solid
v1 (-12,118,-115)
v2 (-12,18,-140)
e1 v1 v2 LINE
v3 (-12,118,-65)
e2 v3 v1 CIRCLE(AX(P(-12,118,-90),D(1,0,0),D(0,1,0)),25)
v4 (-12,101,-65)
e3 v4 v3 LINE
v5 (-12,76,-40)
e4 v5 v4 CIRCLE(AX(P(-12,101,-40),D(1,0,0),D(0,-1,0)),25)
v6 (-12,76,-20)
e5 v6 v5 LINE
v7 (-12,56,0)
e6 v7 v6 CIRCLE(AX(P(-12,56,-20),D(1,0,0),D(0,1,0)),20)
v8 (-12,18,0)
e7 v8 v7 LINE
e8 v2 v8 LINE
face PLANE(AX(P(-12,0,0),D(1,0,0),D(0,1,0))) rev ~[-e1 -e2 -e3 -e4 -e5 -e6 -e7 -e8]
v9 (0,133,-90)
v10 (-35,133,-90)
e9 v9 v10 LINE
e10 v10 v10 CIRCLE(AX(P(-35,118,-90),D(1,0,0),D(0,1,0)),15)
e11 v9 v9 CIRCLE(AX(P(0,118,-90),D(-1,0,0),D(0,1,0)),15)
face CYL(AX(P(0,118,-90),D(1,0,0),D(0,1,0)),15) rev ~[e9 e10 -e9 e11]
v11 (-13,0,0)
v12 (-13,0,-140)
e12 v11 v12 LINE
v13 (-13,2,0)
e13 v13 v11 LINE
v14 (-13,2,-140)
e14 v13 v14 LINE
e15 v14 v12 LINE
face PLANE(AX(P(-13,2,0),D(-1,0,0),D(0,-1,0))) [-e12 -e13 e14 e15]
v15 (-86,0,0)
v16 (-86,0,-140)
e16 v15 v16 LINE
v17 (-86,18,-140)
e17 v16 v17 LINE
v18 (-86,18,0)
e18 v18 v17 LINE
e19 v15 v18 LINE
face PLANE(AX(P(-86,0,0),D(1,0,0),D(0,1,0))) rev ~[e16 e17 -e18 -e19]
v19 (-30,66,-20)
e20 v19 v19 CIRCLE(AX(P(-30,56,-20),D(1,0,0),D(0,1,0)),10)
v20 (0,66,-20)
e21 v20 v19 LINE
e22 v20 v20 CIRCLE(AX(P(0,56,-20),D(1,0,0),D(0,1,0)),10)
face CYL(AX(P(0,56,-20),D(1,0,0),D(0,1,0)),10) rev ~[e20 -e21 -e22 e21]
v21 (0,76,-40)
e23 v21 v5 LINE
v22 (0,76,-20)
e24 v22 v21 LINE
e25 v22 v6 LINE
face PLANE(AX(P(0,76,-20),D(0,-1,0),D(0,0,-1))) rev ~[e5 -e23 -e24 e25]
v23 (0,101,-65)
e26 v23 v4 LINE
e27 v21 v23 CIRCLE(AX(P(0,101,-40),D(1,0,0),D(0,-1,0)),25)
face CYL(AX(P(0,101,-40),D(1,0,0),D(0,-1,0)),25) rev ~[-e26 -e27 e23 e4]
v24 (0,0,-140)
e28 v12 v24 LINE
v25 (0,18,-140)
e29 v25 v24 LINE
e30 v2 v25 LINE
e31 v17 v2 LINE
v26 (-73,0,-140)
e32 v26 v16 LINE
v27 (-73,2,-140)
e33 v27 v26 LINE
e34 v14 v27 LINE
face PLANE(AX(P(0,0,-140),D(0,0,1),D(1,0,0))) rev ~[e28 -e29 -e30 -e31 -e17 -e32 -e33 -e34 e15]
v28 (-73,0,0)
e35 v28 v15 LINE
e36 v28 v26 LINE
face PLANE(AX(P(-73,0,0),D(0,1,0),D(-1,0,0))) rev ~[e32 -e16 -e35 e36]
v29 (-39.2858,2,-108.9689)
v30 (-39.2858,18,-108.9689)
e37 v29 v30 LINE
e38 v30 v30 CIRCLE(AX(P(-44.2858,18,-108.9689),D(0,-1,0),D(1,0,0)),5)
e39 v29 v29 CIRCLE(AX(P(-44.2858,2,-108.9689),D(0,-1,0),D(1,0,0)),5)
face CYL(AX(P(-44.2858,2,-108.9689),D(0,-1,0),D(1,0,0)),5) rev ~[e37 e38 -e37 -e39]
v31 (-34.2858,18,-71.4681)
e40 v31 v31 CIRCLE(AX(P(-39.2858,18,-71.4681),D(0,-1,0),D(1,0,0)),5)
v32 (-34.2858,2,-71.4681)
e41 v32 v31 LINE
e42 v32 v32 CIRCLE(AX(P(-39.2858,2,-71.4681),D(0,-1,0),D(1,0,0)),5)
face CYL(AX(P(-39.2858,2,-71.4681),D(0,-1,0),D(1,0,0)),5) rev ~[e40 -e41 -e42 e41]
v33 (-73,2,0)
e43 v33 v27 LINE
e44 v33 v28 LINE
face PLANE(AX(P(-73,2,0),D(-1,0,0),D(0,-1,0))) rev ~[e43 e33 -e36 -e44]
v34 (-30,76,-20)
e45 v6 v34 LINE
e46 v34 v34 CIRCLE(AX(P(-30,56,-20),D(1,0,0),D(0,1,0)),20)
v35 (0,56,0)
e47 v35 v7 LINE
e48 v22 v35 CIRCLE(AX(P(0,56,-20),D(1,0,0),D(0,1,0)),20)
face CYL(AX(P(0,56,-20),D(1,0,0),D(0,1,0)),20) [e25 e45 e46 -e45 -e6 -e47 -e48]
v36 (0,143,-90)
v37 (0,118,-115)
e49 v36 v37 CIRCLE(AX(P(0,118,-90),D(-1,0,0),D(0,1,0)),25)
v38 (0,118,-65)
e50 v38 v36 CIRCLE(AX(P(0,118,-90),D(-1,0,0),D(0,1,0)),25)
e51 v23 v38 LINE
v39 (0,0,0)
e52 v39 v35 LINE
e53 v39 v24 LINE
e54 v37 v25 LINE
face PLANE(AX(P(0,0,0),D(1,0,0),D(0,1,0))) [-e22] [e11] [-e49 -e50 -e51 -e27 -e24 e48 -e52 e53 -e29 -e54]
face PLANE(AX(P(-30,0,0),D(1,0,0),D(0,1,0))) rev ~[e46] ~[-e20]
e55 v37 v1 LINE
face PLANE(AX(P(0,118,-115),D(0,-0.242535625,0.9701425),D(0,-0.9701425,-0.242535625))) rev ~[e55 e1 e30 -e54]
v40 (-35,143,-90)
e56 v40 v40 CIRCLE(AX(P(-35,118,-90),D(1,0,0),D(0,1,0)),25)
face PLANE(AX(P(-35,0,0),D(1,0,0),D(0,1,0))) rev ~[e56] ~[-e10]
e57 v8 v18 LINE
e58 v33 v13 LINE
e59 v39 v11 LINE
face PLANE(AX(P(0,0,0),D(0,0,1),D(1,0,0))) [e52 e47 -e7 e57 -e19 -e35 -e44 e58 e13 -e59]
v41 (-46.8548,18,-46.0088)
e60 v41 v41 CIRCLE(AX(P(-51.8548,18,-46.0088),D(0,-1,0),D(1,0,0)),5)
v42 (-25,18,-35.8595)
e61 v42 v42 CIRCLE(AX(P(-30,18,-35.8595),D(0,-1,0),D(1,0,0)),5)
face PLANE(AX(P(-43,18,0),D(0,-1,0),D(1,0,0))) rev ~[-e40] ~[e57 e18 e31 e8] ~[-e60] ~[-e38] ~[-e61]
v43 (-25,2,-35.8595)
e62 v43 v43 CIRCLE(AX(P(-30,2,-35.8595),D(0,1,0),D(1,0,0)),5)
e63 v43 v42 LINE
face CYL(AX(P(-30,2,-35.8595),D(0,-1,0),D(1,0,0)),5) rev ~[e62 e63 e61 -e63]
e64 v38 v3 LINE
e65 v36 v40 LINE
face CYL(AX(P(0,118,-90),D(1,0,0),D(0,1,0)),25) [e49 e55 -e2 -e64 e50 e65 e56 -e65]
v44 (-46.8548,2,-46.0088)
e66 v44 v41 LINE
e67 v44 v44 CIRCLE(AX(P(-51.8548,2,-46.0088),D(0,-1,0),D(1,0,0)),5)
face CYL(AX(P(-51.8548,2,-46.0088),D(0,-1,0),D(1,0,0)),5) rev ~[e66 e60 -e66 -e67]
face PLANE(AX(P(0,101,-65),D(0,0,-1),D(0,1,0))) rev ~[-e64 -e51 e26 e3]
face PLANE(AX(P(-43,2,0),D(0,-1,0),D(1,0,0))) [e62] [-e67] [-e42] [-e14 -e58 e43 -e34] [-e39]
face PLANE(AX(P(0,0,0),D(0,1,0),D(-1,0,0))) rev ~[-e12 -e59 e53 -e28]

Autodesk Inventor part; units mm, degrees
ref_plane "YZ Plane" through (0, 0, 0) normal (1, 0, 0) x (0, 1, 0)
ref_plane "XZ Plane" through (0, 0, 0) normal (0, 1, 0) x (-1, 0, 0)
ref_plane "XY Plane" through (0, 0, 0) normal (0, 0, 1) x (1, 0, 0)
sketch "Sketch1" plane through (0, 0, 0) normal (1, 0, 0) x (0, 1, 0)
  point P0 (0, 0)
sketch "Sketch2" plane through (0, 0, 0) normal (1, 0, 0) x (0, 1, 0)
  line L0 (0, 0) -> (118, 0)
  line L1 (118, 0) -> (118, -140)
  line L2 (118, -140) -> (0, -140)
  line L3 (0, -140) -> (0, 0)
  circle A0 centre (56, -20) radius 20
  circle A1 centre (56, -20) radius 10
  circle A2 centre (118, -90) radius 15
  circle A3 centre (118, -90) radius 25
  line L4 (118, -115) -> (18, -140)
  line L5 (101, -65) -> (118, -65)
  line L6 (76, -20) -> (76, -40)
  arc A4 (76, -40) -> (101, -65) centre (101, -40) ccw
  point P0 (56, 0)
  dimension "d2" = 40
  dimension "d0" = 140
  dimension "d1" = 118
  dimension "d3" = 20
  dimension "d4" = 30
  dimension "d5" = 50
  dimension "d6" = 56
  dimension "d7" = 56
  dimension "d8" = 20
  dimension "d9" = 20
  dimension "d10" = 50
  dimension "d11" = 50
  dimension "d12" = 18
sketch "Sketch3" plane through (0, 0, 0) normal (0, 0, 1) x (1, 0, 0)
  line L0 (0, 0) -> (-86, 0)
  line L1 (-86, 0) -> (-86, 18)
  line L2 (-86, 18) -> (0, 18)
  line L3 (0, 18) -> (0, 0)
  line L4 (-73, 2) -> (-13, 2)
  line L5 (-43, 18) -> (-43, 0)
  line L6 (-73, 2) -> (-73, 0)
  line L7 (-13, 2) -> (-13, 0)
  point P0 (-43, 2)
  dimension "d14" = 86
  dimension "d15" = 18
  dimension "d16" = 60
  dimension "d17" = 2
extrude "Extrusion1" add sketch "Sketch3" against normal blind 140 contours L0 L7 L4 L5 L2 L3 | L5 L4 L6 L0 L1 L2
extrude "Extrusion2" add sketch "Sketch2" against normal blind 12 contours L0 A0 L6 A4 L5 A3 L4 L2 L3
extrude "Extrusion3" add sketch "Sketch2" against normal blind 30 contours A0
extrude "Extrusion4" add sketch "Sketch2" against normal blind 35 contours A3 L1 A2 | L1 A2 A3
sketch "Sketch4" plane through (-73, 2, 0) normal (0, -1, 0) x (1, 0, 0)
  circle A0 centre (28.7142, -108.9689) radius 5
  circle A1 centre (33.7142, -71.4681) radius 5
  circle A2 centre (21.1452, -46.0088) radius 5
  line L0 (43, 0) -> (43, -40) projected
  circle A3 centre (43, -35.8595) radius 5
  point P0 (73, 0)
  dimension "d26" = 10
  dimension "d27" = 10
  dimension "d28" = 10
  dimension "d29" = 10
extrude "Extrusion5" cut sketch "Sketch4" against normal blind 18
properties part number "3"
